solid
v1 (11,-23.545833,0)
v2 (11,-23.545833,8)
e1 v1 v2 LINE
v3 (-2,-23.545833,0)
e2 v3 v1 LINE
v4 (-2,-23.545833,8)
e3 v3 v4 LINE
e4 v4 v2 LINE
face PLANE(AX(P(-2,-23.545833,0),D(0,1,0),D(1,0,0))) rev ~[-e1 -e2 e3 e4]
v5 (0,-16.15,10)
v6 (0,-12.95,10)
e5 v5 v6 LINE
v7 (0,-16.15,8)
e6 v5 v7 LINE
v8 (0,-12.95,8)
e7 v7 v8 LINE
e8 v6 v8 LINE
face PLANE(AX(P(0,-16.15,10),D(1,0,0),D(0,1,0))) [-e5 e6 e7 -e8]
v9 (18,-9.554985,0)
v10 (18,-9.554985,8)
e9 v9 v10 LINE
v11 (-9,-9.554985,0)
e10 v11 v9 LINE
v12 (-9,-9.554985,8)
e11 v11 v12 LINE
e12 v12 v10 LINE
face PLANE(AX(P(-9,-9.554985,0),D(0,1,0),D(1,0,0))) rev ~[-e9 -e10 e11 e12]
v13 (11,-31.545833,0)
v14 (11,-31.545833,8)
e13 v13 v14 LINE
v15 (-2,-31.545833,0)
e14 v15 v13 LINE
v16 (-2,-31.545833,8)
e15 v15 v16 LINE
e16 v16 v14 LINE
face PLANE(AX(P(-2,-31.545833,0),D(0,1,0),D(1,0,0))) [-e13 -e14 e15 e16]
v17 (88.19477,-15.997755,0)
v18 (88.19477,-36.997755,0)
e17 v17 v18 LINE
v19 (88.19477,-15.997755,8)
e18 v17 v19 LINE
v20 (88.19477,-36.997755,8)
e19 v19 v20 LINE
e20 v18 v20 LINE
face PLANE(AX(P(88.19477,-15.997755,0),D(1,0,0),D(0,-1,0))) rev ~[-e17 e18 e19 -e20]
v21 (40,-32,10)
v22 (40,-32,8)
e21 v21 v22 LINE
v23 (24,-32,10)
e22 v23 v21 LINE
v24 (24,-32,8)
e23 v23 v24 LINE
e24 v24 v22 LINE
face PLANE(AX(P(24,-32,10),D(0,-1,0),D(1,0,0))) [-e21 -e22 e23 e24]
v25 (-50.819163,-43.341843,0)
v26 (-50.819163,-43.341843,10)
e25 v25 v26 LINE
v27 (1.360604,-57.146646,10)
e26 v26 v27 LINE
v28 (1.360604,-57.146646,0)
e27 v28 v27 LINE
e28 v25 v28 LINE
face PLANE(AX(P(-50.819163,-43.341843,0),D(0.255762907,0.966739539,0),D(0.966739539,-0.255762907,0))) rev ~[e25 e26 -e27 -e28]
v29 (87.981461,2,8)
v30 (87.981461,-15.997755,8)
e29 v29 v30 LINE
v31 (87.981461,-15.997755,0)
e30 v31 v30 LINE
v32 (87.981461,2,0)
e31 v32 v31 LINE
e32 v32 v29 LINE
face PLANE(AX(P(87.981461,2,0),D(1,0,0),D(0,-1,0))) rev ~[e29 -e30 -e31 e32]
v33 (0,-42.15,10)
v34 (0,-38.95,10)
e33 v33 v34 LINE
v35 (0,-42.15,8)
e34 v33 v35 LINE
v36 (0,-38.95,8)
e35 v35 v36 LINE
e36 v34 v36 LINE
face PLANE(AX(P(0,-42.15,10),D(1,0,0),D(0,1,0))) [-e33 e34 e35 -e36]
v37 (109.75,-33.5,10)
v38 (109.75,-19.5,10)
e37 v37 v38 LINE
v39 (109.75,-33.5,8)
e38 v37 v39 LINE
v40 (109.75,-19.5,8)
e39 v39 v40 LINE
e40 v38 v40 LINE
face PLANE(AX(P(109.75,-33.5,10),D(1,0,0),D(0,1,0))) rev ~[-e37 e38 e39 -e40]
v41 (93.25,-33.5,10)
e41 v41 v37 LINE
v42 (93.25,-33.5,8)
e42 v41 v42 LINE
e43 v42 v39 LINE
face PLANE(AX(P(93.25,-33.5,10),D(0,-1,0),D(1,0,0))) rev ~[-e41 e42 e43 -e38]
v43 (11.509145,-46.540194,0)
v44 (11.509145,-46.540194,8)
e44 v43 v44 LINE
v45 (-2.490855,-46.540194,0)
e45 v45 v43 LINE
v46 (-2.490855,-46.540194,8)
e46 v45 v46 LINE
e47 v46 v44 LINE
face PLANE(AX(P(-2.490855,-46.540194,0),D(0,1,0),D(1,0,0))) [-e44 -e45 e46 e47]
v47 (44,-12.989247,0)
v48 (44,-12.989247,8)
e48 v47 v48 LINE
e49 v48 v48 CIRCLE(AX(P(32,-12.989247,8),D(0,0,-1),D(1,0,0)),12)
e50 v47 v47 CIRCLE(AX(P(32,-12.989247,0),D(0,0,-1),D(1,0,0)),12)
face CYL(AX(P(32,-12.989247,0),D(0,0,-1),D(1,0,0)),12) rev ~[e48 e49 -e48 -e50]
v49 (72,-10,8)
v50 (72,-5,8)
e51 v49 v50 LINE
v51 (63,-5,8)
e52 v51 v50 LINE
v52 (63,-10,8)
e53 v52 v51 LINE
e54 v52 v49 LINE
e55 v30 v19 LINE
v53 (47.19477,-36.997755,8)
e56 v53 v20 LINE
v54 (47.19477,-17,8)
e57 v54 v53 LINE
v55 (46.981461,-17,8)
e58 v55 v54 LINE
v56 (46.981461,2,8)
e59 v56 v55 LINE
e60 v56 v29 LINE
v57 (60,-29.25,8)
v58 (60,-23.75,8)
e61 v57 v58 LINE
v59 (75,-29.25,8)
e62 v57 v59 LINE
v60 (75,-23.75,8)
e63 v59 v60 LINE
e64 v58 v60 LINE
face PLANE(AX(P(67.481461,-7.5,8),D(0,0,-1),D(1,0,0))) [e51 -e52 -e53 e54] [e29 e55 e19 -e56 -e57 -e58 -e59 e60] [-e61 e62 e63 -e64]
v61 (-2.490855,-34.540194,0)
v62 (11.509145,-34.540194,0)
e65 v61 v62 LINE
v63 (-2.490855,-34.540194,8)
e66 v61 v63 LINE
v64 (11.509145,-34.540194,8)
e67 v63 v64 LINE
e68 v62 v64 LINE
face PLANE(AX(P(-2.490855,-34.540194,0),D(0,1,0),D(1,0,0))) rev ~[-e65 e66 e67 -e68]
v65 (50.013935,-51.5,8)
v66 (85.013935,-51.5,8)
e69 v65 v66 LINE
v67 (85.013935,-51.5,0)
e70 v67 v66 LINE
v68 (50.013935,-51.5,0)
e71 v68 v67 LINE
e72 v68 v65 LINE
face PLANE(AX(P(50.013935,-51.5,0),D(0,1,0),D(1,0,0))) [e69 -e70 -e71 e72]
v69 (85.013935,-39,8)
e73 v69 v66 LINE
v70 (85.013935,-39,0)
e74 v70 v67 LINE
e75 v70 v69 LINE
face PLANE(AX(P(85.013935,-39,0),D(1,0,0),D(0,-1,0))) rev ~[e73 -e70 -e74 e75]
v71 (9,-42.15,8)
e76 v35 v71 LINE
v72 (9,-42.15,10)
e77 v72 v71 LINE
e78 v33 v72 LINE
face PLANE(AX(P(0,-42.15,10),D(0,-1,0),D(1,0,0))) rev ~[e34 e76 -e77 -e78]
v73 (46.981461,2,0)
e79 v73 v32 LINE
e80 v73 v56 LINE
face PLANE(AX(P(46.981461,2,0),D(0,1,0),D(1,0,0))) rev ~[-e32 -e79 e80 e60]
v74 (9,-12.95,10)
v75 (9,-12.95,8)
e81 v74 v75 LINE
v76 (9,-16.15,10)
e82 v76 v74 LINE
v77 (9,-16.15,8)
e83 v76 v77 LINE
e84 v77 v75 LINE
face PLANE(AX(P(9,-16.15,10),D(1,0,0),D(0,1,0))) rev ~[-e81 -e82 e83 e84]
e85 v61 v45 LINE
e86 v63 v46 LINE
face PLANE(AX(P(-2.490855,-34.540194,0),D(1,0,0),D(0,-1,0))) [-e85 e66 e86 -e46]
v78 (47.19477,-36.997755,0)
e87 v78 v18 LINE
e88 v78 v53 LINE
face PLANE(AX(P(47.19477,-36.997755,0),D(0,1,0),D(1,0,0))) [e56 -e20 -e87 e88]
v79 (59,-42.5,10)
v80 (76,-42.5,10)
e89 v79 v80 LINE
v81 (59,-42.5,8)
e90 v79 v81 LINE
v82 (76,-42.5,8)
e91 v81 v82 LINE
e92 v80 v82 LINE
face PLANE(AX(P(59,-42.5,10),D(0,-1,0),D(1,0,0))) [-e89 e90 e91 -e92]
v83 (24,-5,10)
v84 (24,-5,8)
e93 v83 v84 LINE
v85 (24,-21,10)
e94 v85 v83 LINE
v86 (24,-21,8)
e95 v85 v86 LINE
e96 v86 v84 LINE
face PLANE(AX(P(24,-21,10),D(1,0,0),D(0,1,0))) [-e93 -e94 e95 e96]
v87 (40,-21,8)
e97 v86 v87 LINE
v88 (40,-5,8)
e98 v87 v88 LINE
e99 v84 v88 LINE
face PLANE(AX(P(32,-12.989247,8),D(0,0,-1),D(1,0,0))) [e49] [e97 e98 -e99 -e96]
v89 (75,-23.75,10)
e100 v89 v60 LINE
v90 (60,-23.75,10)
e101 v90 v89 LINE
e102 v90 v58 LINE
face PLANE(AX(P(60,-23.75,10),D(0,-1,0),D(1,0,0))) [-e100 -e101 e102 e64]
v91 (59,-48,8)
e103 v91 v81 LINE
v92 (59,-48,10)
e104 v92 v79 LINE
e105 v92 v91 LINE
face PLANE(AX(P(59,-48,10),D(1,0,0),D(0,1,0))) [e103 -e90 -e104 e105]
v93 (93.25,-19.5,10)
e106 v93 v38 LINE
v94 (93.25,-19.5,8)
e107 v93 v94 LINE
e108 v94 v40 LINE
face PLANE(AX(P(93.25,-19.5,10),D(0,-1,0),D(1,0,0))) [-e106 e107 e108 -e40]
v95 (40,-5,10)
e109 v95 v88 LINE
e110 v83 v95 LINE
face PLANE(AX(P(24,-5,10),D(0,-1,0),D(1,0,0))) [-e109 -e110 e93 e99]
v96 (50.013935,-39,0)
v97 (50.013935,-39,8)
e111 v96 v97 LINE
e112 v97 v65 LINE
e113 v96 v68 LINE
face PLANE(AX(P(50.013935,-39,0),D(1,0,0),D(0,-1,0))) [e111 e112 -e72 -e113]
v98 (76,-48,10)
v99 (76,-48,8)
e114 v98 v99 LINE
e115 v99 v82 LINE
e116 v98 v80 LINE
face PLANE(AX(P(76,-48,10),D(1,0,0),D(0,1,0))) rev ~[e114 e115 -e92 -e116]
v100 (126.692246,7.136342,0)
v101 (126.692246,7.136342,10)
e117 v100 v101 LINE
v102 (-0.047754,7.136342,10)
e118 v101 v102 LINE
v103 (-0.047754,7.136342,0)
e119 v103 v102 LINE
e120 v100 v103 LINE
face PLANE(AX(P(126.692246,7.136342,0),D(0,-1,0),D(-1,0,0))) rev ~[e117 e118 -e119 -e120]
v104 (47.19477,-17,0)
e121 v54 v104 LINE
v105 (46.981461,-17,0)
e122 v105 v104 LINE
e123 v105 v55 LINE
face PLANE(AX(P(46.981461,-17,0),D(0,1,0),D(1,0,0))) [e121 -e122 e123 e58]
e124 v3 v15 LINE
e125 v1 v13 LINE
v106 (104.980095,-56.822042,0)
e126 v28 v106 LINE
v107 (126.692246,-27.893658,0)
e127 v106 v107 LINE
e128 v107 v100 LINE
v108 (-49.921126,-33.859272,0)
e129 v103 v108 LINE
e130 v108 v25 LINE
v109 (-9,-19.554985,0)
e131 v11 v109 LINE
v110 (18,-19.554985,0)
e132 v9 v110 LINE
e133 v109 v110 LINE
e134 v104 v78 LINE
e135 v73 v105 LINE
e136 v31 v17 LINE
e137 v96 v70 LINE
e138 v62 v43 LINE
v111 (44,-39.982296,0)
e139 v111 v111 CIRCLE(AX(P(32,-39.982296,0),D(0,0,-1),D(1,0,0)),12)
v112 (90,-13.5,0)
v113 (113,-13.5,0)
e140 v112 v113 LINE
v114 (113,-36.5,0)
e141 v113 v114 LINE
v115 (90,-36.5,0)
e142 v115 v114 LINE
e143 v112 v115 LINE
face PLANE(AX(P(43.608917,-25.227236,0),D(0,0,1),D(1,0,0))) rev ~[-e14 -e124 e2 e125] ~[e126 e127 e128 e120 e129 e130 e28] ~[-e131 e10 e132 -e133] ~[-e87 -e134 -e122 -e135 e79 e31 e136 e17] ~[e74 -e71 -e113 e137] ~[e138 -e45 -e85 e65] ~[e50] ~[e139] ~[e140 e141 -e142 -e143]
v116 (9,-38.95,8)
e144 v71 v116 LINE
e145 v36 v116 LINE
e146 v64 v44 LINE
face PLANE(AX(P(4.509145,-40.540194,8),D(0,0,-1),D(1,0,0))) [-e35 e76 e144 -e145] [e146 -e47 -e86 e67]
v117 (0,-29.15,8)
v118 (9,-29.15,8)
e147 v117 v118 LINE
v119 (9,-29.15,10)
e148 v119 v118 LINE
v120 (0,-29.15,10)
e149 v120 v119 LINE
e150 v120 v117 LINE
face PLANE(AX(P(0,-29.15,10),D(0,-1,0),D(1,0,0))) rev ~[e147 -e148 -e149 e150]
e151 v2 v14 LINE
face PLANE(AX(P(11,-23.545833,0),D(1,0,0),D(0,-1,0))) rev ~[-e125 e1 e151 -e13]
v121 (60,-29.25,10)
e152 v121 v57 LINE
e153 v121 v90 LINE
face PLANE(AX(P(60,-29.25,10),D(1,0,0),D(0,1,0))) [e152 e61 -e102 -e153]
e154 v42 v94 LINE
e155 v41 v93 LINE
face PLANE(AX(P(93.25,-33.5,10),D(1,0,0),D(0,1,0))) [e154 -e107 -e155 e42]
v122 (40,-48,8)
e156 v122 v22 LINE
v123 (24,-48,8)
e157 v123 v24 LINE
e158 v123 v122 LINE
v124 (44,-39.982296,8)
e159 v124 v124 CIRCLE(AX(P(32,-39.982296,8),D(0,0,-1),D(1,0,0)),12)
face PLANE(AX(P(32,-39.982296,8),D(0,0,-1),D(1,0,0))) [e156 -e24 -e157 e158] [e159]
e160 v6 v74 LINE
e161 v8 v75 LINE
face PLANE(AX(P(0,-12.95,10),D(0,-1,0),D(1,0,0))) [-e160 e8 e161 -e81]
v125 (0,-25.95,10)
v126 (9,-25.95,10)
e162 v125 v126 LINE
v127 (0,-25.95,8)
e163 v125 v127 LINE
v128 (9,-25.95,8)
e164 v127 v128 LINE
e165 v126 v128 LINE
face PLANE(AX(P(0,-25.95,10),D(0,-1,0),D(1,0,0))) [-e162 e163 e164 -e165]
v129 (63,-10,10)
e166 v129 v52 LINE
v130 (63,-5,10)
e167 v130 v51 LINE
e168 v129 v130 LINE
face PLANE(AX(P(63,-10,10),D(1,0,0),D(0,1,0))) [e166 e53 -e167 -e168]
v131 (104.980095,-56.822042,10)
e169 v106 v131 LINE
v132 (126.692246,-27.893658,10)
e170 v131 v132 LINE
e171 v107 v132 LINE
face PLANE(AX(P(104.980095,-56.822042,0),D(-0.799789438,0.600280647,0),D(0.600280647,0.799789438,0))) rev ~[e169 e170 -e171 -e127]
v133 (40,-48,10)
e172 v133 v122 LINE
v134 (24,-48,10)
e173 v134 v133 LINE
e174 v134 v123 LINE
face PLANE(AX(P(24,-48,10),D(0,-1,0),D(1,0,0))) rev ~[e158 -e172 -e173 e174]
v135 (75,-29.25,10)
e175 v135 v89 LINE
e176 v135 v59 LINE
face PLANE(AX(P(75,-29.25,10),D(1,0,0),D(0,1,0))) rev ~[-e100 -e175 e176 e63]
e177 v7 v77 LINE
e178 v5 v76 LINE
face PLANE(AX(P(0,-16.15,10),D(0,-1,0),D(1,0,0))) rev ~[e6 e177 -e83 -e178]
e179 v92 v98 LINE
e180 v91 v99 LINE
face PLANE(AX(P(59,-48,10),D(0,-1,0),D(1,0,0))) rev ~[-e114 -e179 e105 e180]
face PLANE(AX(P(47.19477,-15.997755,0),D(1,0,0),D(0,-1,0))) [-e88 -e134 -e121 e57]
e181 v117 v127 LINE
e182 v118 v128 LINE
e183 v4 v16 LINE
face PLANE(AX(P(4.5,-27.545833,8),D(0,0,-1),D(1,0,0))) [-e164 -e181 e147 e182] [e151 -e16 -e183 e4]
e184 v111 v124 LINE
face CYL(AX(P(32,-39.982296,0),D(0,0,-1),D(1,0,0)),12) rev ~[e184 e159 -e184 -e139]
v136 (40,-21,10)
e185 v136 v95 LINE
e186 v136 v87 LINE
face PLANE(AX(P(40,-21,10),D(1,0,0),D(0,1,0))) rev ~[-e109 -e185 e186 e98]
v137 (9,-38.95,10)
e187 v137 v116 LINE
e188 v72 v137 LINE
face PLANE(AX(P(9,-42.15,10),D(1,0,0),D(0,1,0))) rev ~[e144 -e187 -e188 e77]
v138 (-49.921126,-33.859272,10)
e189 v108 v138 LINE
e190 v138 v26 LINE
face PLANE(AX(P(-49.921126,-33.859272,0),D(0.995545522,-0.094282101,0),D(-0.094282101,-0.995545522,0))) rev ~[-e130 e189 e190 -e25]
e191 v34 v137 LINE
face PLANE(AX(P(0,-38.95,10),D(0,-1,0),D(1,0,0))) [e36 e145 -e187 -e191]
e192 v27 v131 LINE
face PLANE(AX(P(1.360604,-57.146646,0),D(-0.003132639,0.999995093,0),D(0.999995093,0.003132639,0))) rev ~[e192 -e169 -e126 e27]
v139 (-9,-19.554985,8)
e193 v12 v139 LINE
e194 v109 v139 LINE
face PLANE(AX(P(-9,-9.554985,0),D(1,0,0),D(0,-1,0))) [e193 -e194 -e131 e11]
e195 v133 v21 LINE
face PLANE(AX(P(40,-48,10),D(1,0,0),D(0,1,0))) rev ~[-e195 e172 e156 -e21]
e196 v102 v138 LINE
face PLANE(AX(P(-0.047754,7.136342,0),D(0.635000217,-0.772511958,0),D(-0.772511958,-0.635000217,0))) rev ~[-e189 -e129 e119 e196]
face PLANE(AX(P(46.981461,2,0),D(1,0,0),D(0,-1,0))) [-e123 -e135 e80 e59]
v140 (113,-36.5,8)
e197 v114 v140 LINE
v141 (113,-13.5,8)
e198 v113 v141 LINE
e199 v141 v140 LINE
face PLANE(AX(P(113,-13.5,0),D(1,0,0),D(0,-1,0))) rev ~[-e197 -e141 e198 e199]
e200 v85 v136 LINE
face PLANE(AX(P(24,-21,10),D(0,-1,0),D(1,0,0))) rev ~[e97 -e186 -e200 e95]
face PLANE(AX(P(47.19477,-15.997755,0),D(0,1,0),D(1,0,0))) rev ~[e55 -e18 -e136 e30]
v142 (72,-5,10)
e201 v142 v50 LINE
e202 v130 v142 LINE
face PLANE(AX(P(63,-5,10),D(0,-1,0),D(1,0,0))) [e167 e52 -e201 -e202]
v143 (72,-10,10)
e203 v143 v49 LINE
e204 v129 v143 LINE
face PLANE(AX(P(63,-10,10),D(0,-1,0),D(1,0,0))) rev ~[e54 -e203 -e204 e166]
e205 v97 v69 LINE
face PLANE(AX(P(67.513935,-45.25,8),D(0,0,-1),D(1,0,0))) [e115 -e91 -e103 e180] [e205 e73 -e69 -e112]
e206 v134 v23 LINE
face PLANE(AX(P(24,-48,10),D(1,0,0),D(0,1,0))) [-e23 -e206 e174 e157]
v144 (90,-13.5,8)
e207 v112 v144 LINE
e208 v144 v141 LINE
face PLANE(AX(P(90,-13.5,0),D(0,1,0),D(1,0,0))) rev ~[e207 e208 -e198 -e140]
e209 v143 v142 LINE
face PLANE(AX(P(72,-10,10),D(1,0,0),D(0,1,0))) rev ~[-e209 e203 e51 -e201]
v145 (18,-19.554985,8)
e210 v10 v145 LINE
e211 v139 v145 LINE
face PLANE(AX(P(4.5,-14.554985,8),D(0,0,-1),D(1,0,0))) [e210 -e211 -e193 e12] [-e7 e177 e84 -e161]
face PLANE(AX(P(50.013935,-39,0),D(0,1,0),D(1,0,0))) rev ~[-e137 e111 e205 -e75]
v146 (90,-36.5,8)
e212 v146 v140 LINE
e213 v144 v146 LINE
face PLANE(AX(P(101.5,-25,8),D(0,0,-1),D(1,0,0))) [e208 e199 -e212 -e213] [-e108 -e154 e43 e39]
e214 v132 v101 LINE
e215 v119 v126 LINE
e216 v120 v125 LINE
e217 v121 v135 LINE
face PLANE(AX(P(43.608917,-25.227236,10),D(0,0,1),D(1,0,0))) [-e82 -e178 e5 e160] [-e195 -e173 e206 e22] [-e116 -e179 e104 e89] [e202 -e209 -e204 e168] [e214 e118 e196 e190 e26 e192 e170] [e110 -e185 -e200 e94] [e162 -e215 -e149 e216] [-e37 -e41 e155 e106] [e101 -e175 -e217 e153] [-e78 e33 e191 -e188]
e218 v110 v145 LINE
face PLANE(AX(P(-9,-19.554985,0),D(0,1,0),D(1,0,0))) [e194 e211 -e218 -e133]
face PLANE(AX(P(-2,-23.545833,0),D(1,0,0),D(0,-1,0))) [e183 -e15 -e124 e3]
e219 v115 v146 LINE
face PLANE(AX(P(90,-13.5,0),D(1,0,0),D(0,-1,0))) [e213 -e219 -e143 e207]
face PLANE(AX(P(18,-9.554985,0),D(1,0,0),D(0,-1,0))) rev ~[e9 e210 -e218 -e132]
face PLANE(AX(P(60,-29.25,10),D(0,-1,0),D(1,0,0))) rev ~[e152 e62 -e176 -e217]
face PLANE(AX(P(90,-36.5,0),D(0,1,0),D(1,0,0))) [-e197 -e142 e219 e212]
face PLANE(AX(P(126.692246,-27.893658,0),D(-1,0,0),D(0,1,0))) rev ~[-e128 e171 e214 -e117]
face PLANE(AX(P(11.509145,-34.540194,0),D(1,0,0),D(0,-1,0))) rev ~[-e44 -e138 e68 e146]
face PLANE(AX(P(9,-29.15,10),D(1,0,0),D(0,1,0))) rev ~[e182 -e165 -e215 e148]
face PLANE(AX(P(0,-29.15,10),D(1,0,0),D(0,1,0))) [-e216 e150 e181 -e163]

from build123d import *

# Parameters (mm, degrees)
PAD_DEPTH       = 10
SKETCH001_W     = 9
SKETCH001_H     = 3.2
SKETCH001_W_2   = 15
SKETCH001_H_2   = 5.5
SKETCH001_H_3   = 5
SKETCH001_W_3   = 16.5
SKETCH001_H_4   = 14
SKETCH001_W_4   = 16
SKETCH001_H_5   = 16
SKETCH001_W_5   = 17
POCKET_DEPTH    = 2
SKETCH002_R     = 12
POCKET001_DEPTH = 8
SKETCH003_W     = 41
SKETCH003_H     = 19
POCKET002_DEPTH = 8
SKETCH004_W     = 35
SKETCH004_H     = 12.5
POCKET003_DEPTH = 8
SKETCH005_W     = 41
SKETCH005_H     = 21
POCKET004_DEPTH = 8
SKETCH006_W     = 14
SKETCH006_H     = 12
POCKET005_DEPTH = 8
SKETCH007_W     = 13
SKETCH007_H     = 8
POCKET006_DEPTH = 8
SKETCH008_W     = 27
SKETCH008_H     = 10
POCKET007_DEPTH = 8
SKETCH009_W     = 23
SKETCH009_H     = 23
POCKET008_DEPTH = 8


with BuildPart() as part:
    # Sketch → Pad (new body)
    with BuildSketch(Plane.XY):
        Polygon((126.692246, 7.136342), (-0.047754, 7.136342), (-49.921126, -33.859272), (-50.819163, -43.341843), (1.360604, -57.146646), (104.980095, -56.822042), (126.692246, -27.893658), align=None)
    extrude(amount=PAD_DEPTH)

    # Sketch001 (on Face9 of Pad) → Pocket (cut)
    with BuildSketch(Plane.XY.offset(10)):
        with Locations((4.5, -14.55)):
            Rectangle(SKETCH001_W, SKETCH001_H)
        with Locations((4.5, -27.55)):
            Rectangle(SKETCH001_W, SKETCH001_H)
        with Locations((4.5, -40.55)):
            Rectangle(SKETCH001_W, SKETCH001_H)
        with Locations((67.5, -26.5)):
            Rectangle(SKETCH001_W_2, SKETCH001_H_2)
        with Locations((67.5, -7.5)):
            Rectangle(SKETCH001_W, SKETCH001_H_3)
        with Locations((101.5, -26.5)):
            Rectangle(SKETCH001_W_3, SKETCH001_H_4)
        with Locations((32, -13)):
            Rectangle(SKETCH001_W_4, SKETCH001_H_5)
        with Locations((32, -40)):
            Rectangle(SKETCH001_W_4, SKETCH001_H_5)
        with Locations((67.5, -45.25)):
            Rectangle(SKETCH001_W_5, SKETCH001_H_2)
    extrude(amount=-POCKET_DEPTH, mode=Mode.SUBTRACT)

    # Sketch002 (on Face4 of Pocket) → Pocket001 (cut)
    with BuildSketch(Plane(origin=(0, 0, 0), x_dir=(1, 0, 0), z_dir=(0, 0, -1))):
        with Locations((32, 39.982296)):
            Circle(SKETCH002_R)
        with Locations((32, 12.989247)):
            Circle(SKETCH002_R)
    extrude(amount=-POCKET001_DEPTH, mode=Mode.SUBTRACT)

    # Sketch003 (on Face4 of Pocket001) → Pocket002 (cut)
    with BuildSketch(Plane(origin=(0, 0, 0), x_dir=(1, 0, 0), z_dir=(0, 0, -1))):
        with Locations((67.481461, 7.5)):
            Rectangle(SKETCH003_W, SKETCH003_H)
    extrude(amount=-POCKET002_DEPTH, mode=Mode.SUBTRACT)

    # Sketch004 (on Face4 of Pocket002) → Pocket003 (cut)
    with BuildSketch(Plane(origin=(0, 0, 0), x_dir=(1, 0, 0), z_dir=(0, 0, -1))):
        with Locations((67.513935, 45.25)):
            Rectangle(SKETCH004_W, SKETCH004_H)
    extrude(amount=-POCKET003_DEPTH, mode=Mode.SUBTRACT)

    # Sketch005 (on Face4 of Pocket003) → Pocket004 (cut)
    with BuildSketch(Plane(origin=(0, 0, 0), x_dir=(1, 0, 0), z_dir=(0, 0, -1))):
        with Locations((67.69477, 26.497755)):
            Rectangle(SKETCH005_W, SKETCH005_H)
    extrude(amount=-POCKET004_DEPTH, mode=Mode.SUBTRACT)

    # Sketch006 (on Face4 of Pocket004) → Pocket005 (cut)
    with BuildSketch(Plane(origin=(0, 0, 0), x_dir=(1, 0, 0), z_dir=(0, 0, -1))):
        with Locations((4.509145, 40.540194)):
            Rectangle(SKETCH006_W, SKETCH006_H)
    extrude(amount=-POCKET005_DEPTH, mode=Mode.SUBTRACT)

    # Sketch007 (on Face4 of Pocket005) → Pocket006 (cut)
    with BuildSketch(Plane(origin=(0, 0, 0), x_dir=(1, 0, 0), z_dir=(0, 0, -1))):
        with Locations((4.5, 27.545833)):
            Rectangle(SKETCH007_W, SKETCH007_H)
    extrude(amount=-POCKET006_DEPTH, mode=Mode.SUBTRACT)

    # Sketch008 (on Face4 of Pocket006) → Pocket007 (cut)
    with BuildSketch(Plane(origin=(0, 0, 0), x_dir=(1, 0, 0), z_dir=(0, 0, -1))):
        with Locations((4.5, 14.554985)):
            Rectangle(SKETCH008_W, SKETCH008_H)
    extrude(amount=-POCKET007_DEPTH, mode=Mode.SUBTRACT)

    # Sketch009 (on Face4 of Pocket007) → Pocket008 (cut)
    with BuildSketch(Plane(origin=(0, 0, 0), x_dir=(1, 0, 0), z_dir=(0, 0, -1))):
        with Locations((101.5, 25)):
            Rectangle(SKETCH009_W, SKETCH009_H)
    extrude(amount=-POCKET008_DEPTH, mode=Mode.SUBTRACT)


solid = part.part
